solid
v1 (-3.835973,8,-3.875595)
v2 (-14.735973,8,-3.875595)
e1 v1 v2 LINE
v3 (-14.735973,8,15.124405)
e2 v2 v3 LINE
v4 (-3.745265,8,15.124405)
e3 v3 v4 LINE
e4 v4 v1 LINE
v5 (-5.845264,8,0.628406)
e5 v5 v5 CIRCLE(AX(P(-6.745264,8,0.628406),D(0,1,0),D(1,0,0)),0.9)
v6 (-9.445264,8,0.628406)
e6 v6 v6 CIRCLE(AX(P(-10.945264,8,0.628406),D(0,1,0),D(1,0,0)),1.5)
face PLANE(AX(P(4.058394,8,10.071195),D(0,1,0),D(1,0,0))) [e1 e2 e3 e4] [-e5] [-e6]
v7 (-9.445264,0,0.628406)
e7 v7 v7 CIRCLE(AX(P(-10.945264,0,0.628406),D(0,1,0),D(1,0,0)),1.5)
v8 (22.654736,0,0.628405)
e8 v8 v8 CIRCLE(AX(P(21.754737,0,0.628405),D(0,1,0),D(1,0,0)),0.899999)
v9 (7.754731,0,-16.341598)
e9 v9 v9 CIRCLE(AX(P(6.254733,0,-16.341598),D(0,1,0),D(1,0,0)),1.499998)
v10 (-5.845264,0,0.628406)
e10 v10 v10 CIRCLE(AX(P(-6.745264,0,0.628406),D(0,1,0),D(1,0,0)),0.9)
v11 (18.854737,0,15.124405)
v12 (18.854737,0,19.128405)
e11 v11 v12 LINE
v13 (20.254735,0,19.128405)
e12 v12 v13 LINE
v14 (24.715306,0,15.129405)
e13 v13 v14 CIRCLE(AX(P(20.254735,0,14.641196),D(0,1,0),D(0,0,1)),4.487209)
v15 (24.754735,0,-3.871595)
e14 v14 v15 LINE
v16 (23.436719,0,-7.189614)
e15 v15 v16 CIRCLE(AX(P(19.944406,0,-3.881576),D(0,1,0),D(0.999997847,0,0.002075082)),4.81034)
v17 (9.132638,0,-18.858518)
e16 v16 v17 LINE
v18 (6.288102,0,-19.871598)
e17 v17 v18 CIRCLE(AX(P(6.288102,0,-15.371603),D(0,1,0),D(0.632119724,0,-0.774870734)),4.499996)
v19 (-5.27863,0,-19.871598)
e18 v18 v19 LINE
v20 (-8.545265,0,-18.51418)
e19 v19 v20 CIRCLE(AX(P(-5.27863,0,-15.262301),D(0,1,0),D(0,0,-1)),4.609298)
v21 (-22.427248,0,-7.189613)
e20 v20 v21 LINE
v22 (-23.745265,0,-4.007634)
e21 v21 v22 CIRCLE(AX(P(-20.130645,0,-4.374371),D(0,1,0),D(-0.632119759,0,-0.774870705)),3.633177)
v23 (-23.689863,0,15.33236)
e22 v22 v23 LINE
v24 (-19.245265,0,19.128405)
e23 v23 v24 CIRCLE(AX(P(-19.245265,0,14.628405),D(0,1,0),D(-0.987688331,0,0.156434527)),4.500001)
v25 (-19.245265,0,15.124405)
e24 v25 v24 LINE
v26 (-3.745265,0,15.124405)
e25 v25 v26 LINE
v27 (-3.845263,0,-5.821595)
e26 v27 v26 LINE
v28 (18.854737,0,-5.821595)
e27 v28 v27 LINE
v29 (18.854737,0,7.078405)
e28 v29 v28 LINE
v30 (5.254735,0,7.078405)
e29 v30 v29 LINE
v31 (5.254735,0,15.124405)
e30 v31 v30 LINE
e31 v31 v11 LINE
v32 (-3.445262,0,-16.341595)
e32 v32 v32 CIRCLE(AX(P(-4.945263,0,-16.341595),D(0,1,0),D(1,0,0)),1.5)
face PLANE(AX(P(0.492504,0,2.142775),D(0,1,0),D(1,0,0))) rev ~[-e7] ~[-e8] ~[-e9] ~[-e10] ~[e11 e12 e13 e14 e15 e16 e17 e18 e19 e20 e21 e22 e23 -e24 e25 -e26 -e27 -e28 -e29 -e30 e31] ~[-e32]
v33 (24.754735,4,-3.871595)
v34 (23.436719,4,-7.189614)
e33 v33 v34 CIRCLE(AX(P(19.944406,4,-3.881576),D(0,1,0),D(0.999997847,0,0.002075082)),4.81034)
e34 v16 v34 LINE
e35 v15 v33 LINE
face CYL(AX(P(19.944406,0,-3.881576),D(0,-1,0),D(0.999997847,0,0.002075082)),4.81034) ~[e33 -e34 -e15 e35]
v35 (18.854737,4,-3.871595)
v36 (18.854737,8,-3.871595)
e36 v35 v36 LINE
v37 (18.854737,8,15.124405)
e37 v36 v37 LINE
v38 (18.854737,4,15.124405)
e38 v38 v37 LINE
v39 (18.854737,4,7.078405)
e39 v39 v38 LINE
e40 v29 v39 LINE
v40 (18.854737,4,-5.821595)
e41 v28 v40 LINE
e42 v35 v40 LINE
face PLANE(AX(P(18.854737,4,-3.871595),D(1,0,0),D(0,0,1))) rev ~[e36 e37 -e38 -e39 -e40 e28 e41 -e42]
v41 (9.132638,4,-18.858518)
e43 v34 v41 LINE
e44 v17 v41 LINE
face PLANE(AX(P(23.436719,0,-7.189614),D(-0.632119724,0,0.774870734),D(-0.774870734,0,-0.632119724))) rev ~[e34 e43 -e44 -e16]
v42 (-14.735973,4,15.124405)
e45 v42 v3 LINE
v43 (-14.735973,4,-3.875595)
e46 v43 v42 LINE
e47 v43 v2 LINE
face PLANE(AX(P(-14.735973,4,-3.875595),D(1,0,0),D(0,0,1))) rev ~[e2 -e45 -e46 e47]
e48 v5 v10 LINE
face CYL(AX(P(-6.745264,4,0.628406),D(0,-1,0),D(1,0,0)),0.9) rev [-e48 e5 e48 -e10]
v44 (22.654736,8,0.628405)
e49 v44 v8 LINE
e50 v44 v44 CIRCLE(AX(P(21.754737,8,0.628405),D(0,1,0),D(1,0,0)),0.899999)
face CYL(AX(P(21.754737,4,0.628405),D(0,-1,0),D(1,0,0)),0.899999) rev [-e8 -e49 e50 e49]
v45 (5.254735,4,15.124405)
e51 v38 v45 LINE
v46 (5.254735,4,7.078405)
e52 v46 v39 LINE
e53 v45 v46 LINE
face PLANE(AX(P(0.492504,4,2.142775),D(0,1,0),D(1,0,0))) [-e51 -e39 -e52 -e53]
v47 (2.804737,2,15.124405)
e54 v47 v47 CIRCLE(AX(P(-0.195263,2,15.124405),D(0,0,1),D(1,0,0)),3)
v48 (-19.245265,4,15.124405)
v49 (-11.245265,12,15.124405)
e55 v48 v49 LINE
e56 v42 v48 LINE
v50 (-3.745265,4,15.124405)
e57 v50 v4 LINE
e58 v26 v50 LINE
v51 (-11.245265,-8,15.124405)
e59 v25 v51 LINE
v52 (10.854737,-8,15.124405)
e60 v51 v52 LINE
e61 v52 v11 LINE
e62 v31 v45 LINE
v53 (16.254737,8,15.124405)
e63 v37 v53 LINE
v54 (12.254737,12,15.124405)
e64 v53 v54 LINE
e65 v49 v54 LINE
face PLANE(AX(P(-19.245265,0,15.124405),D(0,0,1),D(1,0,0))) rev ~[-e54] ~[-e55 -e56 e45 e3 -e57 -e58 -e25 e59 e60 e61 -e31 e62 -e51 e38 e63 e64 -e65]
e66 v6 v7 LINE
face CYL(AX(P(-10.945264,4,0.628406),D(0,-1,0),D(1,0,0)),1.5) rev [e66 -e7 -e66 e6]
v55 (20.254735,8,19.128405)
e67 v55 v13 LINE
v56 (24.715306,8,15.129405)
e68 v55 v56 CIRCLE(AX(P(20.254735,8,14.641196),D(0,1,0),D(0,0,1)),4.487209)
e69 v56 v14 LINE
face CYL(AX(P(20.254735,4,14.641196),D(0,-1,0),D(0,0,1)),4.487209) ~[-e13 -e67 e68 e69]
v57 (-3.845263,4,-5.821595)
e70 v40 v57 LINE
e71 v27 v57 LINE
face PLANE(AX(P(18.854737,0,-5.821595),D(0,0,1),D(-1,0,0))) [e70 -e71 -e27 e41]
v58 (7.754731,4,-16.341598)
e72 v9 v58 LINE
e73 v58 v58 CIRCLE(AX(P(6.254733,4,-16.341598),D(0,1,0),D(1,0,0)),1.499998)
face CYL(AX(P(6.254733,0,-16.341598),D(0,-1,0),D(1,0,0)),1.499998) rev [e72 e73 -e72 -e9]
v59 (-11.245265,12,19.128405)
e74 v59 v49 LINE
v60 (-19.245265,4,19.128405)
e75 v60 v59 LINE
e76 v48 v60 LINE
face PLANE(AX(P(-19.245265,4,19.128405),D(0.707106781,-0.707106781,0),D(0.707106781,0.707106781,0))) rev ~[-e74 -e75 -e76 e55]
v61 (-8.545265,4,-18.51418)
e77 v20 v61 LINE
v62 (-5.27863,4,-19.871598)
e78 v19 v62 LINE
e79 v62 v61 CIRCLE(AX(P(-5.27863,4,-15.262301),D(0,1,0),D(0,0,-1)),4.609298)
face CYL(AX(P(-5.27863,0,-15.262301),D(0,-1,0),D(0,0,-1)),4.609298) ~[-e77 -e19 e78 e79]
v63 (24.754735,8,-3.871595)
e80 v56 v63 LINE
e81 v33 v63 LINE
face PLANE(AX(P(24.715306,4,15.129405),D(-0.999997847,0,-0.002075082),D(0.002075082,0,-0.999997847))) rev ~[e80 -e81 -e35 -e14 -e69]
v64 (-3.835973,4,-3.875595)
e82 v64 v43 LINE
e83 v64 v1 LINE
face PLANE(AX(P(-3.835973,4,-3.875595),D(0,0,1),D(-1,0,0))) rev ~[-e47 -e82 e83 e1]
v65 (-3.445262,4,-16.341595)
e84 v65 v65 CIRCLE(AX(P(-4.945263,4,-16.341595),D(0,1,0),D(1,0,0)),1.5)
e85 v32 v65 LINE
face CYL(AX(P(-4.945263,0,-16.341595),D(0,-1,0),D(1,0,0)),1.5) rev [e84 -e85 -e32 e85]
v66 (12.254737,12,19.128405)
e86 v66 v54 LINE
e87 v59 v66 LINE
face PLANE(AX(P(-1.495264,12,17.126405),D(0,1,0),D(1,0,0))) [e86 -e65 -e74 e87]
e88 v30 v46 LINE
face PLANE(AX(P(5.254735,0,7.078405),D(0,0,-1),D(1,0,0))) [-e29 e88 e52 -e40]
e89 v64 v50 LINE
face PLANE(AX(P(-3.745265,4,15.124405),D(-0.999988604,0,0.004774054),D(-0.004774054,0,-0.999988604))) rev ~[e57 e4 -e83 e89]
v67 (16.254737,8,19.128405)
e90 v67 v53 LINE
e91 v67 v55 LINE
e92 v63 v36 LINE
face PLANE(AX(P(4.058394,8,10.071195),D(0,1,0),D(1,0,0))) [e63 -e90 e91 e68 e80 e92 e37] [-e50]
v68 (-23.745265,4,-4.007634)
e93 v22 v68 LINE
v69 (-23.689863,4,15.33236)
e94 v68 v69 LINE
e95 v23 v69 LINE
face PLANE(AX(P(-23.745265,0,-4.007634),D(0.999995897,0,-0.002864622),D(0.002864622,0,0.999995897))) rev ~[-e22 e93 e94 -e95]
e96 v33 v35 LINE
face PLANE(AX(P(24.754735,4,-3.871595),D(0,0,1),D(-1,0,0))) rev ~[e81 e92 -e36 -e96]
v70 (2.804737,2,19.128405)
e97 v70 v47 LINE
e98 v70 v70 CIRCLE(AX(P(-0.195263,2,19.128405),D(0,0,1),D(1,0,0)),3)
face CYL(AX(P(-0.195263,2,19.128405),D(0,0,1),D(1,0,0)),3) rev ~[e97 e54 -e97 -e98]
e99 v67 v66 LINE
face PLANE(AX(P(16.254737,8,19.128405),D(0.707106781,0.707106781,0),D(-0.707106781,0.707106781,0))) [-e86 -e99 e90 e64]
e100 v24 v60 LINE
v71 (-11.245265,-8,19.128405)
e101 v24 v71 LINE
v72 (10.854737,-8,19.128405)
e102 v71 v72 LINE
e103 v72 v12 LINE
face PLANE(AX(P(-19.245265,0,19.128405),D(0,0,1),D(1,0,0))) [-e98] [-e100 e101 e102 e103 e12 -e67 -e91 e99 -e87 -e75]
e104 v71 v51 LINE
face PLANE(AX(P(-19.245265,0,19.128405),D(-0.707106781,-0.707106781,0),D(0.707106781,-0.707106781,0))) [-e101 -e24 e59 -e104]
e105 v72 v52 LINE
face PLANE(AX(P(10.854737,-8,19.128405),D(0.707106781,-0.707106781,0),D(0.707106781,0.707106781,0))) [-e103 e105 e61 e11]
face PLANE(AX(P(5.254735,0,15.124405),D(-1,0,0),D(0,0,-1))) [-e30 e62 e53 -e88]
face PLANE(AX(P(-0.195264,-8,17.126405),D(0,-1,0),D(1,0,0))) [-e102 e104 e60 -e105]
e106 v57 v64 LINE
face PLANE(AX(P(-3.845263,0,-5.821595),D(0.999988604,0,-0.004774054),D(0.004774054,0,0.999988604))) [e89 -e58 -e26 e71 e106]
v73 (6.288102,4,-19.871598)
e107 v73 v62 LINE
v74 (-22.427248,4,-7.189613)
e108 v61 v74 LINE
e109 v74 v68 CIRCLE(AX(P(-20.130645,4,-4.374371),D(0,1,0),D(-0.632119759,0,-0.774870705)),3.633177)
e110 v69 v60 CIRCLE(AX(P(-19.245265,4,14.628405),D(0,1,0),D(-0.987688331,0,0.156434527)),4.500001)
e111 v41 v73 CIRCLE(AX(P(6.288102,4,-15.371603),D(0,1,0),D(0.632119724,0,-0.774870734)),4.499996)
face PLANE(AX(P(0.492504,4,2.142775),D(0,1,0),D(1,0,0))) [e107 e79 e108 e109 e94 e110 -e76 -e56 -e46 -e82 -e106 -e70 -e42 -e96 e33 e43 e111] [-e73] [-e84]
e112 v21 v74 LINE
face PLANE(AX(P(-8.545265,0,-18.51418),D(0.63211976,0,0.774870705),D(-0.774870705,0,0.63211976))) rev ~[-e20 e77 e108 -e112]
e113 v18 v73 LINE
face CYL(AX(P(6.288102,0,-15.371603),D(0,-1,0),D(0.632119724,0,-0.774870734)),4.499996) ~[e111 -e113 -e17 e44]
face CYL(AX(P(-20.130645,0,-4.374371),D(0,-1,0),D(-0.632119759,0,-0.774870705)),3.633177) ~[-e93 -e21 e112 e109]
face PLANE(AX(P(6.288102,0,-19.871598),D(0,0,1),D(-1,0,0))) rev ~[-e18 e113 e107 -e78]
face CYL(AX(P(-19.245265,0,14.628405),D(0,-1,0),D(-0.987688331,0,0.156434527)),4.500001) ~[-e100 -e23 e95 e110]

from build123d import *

# Parameters (mm, degrees)
CROQUIS1_R              = 1.500000078
CROQUIS1_R_2            = 0.899999978
CROQUIS1_R_3            = 0.899999104
CROQUIS1_R_4            = 1.499997939
CROQUIS1_R_5            = 1.500000378
SALIENTE_EXTRUIR1_DEPTH = 4
CROQUIS2_R              = 1.500000078
CROQUIS2_R_2            = 0.899999978
CROQUIS2_R_3            = 0.899999104
SALIENTE_EXTRUIR2_DEPTH = 4
CROQUIS3_W              = 35.500002289
CROQUIS3_H              = 4.004000187
SALIENTE_EXTRUIR3_DEPTH = 4
CROQUIS4_W              = 38.100002289
CROQUIS4_H              = 4.004000187
SALIENTE_EXTRUIR4_DEPTH = 8
CROQUIS5_R              = 3
CORTAR_EXTRUIR1_DEPTH   = 8


with BuildPart() as part:
    # Croquis1 → Saliente-Extruir1 (new body)
    with BuildSketch(Plane(origin=(0, 0, 0), x_dir=(1, 0, 0), z_dir=(0, 1, 0))):
        with BuildLine():
            Line((-19.24526482, -19.128405422), (20.25473518, -19.128405422))
            ThreePointArc((20.25473518, -19.128405422), (23.250093999, -17.982284574), (24.715306469, -15.12940535))
            Line((24.715306469, -15.12940535), (24.75473518, 3.871594578))
            ThreePointArc((24.75473518, 3.871594578), (24.41495197, 5.657410091), (23.436719128, 7.189614445))
            Line((23.436719128, 7.189614445), (9.132638286, 18.858517697))
            ThreePointArc((9.132638286, 18.858517697), (7.79788024, 19.61076911), (6.288102337, 19.871598393))
            Line((6.288102337, 19.871598393), (-5.278630069, 19.871598393))
            ThreePointArc((-5.278630069, 19.871598393), (-7.047350485, 19.518737385), (-8.545265011, 18.514180332))
            Line((-8.545265011, 18.514180332), (-22.427247654, 7.189612922))
            ThreePointArc((-22.427247654, 7.189612922), (-23.487263037, 5.764725879), (-23.74526482, 4.007634312))
            Line((-23.74526482, 4.007634312), (-23.68986282, -15.332360357))
            ThreePointArc((-23.68986282, -15.332360357), (-22.167781266, -18.050232235), (-19.24526482, -19.128405422))
        make_face()
        with Locations((-10.945264306, -0.628405976)):
            Circle(CROQUIS1_R, mode=Mode.SUBTRACT)
        with Locations((-6.745264379, -0.628405738)):
            Circle(CROQUIS1_R_2, mode=Mode.SUBTRACT)
        with Locations((21.754736572, -0.628405422)):
            Circle(CROQUIS1_R_3, mode=Mode.SUBTRACT)
        with Locations((6.25473312, 16.341597706)):
            Circle(CROQUIS1_R_4, mode=Mode.SUBTRACT)
        with Locations((-4.945262866, 16.341595261)):
            Circle(CROQUIS1_R_5, mode=Mode.SUBTRACT)
        Polygon((-3.845263294, 5.821595341), (-3.74526482, -15.124405235), (5.25473518, -15.124405235), (5.25473518, -7.078405231), (18.854737469, -7.078405231), (18.854737469, 5.821595341), align=None, mode=Mode.SUBTRACT)
    extrude(amount=SALIENTE_EXTRUIR1_DEPTH)

    # Croquis2 → Saliente-Extruir2 (add)
    with BuildSketch(Plane(origin=(0, 4, 0), x_dir=(1, 0, 0), z_dir=(0, 1, 0))):
        with BuildLine():
            Line((-3.74526482, -15.124405235), (-3.835972877, 3.875594765))
            Line((-3.835972877, 3.875594765), (-14.735972877, 3.875594765))
            Line((-14.735972877, 3.875594765), (-14.735972877, -15.124405235))
            Line((-14.735972877, -15.124405235), (-19.24526482, -15.124405235))
            Line((-19.24526482, -15.124405235), (-19.24526482, -19.128405422))
            Line((-19.24526482, -19.128405422), (20.25473518, -19.128405422))
            ThreePointArc((20.25473518, -19.128405422), (23.250093999, -17.982284574), (24.715306469, -15.12940535))
            Line((24.715306469, -15.12940535), (24.75473518, 3.871594578))
            Line((24.75473518, 3.871594578), (18.854737469, 3.871594578))
            Line((18.854737469, 3.871594578), (18.854737469, -7.078405231))
            Line((18.854737469, -7.078405231), (18.854737469, -15.124405235))
            Line((18.854737469, -15.124405235), (5.25473518, -15.124405235))
            Line((5.25473518, -15.124405235), (-3.74526482, -15.124405235))
        make_face()
        with Locations((-10.945264306, -0.628405976)):
            Circle(CROQUIS2_R, mode=Mode.SUBTRACT)
        with Locations((-6.745264379, -0.628405738)):
            Circle(CROQUIS2_R_2, mode=Mode.SUBTRACT)
        with Locations((21.754736572, -0.628405422)):
            Circle(CROQUIS2_R_3, mode=Mode.SUBTRACT)
    extrude(amount=SALIENTE_EXTRUIR2_DEPTH)

    # Croquis3 → Saliente-Extruir3 (add)
    with BuildSketch(Plane(origin=(0, 8, 0), x_dir=(1, 0, 0), z_dir=(0, 1, 0))):
        with Locations((-1.495263676, -17.126405328)):
            Rectangle(CROQUIS3_W, CROQUIS3_H)
    extrude(amount=SALIENTE_EXTRUIR3_DEPTH)

    # Croquis4 → Saliente-Extruir4 (add)
    with BuildSketch(Plane.XZ):
        with Locations((-0.195263676, 17.126405328)):
            Rectangle(CROQUIS4_W, CROQUIS4_H)
    extrude(amount=SALIENTE_EXTRUIR4_DEPTH)

    # Croquis5 → Cortar-Extruir1 (cut)
    with BuildSketch(Plane.XY.offset(19.128405422)):
        with Locations((-0.195262531, 2)):
            Circle(CROQUIS5_R)
        Polygon((16.254737469, 8), (12.254737469, 12), (16.254737469, 12), align=None)
        Polygon((-19.24526482, 4), (-11.24526482, 12), (-19.24526482, 12), align=None)
        Polygon((-19.24526482, 0), (-11.24526482, -8), (-19.24526482, -8), align=None)
        Polygon((18.854737469, -8), (10.854737469, -8), (18.854737469, 0), align=None)
    extrude(amount=-CORTAR_EXTRUIR1_DEPTH, mode=Mode.SUBTRACT)


solid = part.part
